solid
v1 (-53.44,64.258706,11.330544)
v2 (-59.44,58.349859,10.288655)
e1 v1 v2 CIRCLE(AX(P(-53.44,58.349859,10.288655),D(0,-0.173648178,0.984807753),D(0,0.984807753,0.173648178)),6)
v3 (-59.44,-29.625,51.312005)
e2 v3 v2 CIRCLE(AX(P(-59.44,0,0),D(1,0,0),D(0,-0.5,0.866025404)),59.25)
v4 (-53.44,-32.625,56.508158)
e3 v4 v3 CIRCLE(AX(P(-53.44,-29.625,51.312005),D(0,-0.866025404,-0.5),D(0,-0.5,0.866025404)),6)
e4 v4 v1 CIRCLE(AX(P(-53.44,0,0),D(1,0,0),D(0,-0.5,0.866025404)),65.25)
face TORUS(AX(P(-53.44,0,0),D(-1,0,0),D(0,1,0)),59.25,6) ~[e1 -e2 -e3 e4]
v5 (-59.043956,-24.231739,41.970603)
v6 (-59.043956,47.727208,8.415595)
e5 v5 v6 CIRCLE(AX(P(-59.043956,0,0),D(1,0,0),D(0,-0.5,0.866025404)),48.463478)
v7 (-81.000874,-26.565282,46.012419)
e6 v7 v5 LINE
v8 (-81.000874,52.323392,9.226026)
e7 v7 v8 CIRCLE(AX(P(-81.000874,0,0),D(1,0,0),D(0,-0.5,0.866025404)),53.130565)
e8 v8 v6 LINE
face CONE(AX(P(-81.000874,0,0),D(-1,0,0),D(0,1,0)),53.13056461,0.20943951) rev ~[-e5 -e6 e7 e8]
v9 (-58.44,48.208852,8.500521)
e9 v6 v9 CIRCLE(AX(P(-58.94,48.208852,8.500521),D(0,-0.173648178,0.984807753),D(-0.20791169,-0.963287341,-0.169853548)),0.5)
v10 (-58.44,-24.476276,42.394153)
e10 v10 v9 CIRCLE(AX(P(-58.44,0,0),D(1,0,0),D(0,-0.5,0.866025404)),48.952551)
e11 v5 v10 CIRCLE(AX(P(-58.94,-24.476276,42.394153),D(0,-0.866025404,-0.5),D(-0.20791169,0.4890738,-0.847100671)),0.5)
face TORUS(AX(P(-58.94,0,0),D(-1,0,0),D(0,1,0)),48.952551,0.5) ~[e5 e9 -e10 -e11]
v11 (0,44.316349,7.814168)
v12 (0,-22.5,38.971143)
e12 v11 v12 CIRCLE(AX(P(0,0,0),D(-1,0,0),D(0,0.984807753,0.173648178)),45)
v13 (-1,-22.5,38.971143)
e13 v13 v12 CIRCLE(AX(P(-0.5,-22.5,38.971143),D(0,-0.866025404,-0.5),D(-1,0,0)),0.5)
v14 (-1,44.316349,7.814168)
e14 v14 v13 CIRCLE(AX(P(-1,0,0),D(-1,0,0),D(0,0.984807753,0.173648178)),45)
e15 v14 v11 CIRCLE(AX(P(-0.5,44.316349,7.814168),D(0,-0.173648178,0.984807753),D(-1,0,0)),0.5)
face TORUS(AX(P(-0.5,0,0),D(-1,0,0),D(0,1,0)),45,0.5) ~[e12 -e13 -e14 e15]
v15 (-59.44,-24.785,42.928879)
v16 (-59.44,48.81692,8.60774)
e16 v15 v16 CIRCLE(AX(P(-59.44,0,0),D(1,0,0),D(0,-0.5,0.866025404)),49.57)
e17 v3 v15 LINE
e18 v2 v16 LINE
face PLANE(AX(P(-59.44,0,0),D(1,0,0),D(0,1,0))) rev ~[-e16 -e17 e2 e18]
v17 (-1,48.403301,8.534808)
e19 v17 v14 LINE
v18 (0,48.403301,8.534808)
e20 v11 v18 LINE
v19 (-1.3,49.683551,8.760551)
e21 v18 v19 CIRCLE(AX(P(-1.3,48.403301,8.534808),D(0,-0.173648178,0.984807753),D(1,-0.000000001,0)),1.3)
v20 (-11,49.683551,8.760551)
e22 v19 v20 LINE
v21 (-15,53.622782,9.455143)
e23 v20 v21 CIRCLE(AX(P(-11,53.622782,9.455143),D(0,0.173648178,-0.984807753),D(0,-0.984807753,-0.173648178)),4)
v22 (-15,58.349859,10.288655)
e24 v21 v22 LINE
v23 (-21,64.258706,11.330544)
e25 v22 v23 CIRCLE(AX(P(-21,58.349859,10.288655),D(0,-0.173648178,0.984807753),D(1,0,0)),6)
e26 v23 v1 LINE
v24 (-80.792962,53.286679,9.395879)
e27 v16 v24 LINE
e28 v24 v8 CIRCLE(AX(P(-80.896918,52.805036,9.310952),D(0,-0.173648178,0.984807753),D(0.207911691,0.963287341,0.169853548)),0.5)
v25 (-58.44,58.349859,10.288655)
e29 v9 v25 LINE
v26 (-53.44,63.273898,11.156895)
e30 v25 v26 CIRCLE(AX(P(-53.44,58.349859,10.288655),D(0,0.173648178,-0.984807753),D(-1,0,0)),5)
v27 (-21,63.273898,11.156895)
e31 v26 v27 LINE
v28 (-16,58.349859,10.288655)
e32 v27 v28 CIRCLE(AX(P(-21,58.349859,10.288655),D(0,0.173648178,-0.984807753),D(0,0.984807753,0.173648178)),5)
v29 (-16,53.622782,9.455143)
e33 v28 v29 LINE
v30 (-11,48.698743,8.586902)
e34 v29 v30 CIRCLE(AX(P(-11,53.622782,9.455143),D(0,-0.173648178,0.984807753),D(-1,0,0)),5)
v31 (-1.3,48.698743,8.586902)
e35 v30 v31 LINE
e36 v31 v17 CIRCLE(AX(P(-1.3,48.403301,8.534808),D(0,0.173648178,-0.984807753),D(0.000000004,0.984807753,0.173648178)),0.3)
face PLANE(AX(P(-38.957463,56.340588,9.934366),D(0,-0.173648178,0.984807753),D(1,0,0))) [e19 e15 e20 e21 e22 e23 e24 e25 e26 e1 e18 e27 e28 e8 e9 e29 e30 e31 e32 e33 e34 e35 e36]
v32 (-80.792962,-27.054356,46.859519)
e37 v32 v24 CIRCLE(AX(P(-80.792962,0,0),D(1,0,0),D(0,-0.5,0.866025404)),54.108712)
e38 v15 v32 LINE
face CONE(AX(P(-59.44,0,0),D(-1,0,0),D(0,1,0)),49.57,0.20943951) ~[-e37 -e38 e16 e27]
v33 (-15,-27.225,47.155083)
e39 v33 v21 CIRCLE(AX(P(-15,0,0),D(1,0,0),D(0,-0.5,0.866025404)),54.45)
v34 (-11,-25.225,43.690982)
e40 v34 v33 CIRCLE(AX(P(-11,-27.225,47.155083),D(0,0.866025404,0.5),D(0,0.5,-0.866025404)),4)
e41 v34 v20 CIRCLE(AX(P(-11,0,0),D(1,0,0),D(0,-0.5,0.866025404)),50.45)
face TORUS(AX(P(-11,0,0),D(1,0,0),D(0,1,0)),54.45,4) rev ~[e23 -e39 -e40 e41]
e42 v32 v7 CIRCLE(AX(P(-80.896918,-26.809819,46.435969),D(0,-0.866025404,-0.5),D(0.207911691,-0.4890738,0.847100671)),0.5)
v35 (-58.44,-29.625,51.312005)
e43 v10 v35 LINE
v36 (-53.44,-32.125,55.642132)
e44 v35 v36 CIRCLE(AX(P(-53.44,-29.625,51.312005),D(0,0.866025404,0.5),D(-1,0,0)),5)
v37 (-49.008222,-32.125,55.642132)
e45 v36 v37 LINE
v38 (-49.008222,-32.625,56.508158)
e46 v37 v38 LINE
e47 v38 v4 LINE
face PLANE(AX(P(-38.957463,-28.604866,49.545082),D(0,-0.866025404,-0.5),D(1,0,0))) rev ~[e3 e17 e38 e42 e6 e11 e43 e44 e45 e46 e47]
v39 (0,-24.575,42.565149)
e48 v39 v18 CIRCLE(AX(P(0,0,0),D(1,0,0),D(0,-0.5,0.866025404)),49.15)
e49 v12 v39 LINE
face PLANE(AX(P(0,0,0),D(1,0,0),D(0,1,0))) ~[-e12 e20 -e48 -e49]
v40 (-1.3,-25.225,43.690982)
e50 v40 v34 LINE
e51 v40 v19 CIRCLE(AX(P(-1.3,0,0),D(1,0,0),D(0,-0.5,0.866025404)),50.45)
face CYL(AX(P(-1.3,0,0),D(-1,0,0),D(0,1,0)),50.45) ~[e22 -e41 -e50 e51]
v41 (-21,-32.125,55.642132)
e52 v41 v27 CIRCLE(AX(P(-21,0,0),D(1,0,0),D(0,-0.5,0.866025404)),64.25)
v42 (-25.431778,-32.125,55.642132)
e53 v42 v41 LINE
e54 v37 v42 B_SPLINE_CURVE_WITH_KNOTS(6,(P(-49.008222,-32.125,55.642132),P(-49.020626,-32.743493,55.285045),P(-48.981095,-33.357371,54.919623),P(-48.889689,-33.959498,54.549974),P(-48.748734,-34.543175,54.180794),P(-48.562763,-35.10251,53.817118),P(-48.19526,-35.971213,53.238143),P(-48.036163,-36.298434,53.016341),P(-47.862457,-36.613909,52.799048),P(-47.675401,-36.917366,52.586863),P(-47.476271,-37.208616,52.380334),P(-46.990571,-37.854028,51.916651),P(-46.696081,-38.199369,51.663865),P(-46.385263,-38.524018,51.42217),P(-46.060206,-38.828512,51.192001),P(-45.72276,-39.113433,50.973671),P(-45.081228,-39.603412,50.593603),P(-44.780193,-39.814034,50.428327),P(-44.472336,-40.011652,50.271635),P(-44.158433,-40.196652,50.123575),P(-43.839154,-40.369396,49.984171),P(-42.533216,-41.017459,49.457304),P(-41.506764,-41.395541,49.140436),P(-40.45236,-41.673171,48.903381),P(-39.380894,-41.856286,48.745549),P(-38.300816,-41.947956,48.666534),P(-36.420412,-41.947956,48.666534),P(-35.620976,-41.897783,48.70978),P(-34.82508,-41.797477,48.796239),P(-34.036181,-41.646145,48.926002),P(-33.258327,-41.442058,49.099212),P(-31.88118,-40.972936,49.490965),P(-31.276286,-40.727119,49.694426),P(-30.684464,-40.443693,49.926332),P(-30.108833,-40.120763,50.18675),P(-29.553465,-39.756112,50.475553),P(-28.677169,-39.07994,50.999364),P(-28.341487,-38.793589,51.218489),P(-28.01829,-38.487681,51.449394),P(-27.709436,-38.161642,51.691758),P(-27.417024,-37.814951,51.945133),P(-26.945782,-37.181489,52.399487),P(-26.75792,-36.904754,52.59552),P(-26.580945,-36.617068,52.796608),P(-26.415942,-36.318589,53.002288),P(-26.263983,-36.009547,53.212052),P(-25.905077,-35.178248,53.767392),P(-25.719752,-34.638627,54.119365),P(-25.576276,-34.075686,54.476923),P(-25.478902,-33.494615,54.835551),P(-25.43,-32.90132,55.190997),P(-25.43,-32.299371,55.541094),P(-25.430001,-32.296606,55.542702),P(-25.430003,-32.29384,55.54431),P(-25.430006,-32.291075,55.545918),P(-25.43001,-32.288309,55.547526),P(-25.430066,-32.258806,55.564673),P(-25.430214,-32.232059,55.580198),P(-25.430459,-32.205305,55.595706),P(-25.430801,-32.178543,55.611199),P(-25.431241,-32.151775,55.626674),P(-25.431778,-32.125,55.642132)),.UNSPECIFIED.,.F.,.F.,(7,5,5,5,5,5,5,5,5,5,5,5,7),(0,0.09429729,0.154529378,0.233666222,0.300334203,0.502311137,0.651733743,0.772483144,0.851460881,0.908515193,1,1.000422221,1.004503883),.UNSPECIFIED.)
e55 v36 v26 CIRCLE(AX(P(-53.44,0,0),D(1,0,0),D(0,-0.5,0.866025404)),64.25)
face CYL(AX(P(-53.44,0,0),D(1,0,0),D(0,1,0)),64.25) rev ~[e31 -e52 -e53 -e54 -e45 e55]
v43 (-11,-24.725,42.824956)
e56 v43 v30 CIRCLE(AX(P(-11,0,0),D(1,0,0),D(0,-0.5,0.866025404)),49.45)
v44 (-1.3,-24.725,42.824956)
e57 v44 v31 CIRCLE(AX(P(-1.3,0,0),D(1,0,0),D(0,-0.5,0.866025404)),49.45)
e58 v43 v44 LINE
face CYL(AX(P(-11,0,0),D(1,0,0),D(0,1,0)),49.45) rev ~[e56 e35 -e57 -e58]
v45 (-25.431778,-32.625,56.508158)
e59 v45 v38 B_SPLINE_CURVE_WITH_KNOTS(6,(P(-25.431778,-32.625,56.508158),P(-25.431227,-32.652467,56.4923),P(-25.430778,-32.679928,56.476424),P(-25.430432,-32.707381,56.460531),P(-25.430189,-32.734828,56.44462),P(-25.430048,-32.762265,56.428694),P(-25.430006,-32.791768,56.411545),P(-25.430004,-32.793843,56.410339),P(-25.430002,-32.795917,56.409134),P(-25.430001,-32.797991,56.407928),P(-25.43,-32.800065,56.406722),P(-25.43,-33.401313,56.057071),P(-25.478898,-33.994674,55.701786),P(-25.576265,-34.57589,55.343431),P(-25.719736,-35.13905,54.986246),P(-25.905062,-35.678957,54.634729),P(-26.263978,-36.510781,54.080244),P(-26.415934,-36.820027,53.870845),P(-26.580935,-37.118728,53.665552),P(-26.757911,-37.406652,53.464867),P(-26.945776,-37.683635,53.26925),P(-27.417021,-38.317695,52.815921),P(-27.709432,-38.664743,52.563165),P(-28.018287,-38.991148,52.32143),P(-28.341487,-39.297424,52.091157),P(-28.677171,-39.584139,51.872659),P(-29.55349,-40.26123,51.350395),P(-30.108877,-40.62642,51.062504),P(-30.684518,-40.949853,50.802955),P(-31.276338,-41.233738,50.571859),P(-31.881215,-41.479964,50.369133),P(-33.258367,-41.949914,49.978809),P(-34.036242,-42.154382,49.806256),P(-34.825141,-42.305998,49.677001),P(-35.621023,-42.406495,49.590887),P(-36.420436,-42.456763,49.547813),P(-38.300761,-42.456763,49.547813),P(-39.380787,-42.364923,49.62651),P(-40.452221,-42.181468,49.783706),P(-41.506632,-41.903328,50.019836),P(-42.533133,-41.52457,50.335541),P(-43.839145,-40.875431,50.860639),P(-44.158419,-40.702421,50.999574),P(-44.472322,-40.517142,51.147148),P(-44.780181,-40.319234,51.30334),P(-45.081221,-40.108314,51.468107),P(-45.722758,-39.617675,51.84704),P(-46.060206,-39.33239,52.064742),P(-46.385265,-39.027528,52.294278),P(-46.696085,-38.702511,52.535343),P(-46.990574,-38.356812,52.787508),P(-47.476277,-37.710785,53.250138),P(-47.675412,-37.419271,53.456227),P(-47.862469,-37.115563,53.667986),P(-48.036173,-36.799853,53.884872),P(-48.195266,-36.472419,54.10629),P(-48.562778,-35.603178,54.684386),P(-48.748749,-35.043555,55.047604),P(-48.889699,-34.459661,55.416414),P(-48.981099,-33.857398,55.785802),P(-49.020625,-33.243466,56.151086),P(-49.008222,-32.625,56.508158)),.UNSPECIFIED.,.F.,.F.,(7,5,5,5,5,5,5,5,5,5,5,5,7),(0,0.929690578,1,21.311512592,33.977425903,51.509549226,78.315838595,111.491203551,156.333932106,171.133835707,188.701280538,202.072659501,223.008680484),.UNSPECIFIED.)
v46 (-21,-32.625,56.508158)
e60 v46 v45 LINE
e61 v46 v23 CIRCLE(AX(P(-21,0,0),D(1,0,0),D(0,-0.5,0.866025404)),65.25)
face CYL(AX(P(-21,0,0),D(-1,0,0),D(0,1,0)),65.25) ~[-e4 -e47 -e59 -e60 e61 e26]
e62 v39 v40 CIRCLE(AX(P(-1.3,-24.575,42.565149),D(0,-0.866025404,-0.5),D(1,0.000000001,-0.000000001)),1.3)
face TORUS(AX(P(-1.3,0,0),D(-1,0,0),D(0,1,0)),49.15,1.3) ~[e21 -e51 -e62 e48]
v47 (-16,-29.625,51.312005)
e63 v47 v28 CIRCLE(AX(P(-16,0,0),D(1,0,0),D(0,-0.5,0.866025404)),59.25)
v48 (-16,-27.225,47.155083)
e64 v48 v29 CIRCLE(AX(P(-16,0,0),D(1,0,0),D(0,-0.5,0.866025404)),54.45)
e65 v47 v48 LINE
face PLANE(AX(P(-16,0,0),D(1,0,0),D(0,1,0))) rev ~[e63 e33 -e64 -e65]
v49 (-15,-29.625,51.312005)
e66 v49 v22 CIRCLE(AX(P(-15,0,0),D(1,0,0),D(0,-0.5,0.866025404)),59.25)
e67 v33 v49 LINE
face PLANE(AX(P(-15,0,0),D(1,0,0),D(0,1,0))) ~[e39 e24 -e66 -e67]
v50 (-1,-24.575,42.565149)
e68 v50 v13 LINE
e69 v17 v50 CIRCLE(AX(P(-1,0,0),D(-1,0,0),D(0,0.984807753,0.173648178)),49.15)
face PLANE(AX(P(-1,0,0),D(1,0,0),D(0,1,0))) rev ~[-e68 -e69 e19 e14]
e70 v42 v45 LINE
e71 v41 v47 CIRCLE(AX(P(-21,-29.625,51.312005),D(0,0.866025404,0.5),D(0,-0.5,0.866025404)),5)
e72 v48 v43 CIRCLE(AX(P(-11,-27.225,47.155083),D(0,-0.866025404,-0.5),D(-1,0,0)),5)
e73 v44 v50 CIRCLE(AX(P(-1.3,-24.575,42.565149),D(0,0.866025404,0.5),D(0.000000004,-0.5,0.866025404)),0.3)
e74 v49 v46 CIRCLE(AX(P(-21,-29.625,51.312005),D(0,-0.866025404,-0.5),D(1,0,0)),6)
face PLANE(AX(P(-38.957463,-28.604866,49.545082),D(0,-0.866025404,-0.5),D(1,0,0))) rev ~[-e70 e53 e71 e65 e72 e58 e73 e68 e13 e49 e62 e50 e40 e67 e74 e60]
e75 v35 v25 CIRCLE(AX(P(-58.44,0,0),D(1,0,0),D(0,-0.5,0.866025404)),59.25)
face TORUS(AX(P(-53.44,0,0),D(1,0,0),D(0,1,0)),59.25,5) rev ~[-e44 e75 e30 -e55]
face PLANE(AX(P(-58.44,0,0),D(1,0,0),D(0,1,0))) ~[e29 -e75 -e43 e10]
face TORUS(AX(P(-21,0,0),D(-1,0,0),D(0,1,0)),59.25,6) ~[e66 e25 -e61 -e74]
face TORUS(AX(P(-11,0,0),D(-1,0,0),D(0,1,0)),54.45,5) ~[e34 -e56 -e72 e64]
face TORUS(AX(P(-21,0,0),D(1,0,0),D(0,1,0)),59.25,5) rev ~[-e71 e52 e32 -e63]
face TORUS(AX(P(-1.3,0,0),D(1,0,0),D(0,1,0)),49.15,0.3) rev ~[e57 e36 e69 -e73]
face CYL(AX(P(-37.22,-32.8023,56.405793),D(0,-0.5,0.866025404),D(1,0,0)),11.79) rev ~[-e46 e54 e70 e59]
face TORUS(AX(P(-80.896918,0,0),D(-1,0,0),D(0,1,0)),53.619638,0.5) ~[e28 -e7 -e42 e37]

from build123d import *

# Parameters (mm, degrees)
REVOLVE1_ANGLE           = 240
REVOLVE1_OTHER_WAY_ANGLE = 10
SKETCH3_R                = 11.79
CUT_EXTRUDE1_DEPTH       = 10


with BuildPart() as part:
    # Sketch1 → Revolve1 (revolve)
    with BuildSketch(Plane.XY):
        with BuildLine():
            Line((0, 45), (0, 49.15))
            ThreePointArc((0, 49.15), (-0.380761184, 50.069238816), (-1.3, 50.45))
            Line((-1.3, 50.45), (-11, 50.45))
            ThreePointArc((-11, 50.45), (-13.828427125, 51.621572875), (-15, 54.45))
            Line((-15, 54.45), (-15, 59.25))
            ThreePointArc((-15, 59.25), (-16.757359313, 63.492640687), (-21, 65.25))
            Line((-21, 65.25), (-53.44, 65.25))
            ThreePointArc((-53.44, 65.25), (-57.682640687, 63.492640687), (-59.44, 59.25))
            Line((-59.44, 59.25), (-59.44, 49.57))
            Line((-59.44, 49.57), (-80.792962124, 54.108712211))
            ThreePointArc((-80.792962124, 54.108712211), (-81.38599177, 53.723594256), (-81.000873815, 53.13056461))
            Line((-81.000873815, 53.13056461), (-59.043955845, 48.463477621))
            ThreePointArc((-59.043955845, 48.463477621), (-58.625339804, 48.563978441), (-58.44, 48.952551422))
            Line((-58.44, 48.952551422), (-58.44, 59.25))
            ThreePointArc((-58.44, 59.25), (-56.975533906, 62.785533906), (-53.44, 64.25))
            Line((-53.44, 64.25), (-21, 64.25))
            ThreePointArc((-21, 64.25), (-17.464466094, 62.785533906), (-16, 59.25))
            Line((-16, 59.25), (-16, 54.45))
            ThreePointArc((-16, 54.45), (-14.535533906, 50.914466094), (-11, 49.45))
            Line((-11, 49.45), (-1.3, 49.45))
            ThreePointArc((-1.3, 49.45), (-1.087867966, 49.362132034), (-1, 49.15))
            Line((-1, 49.15), (-1, 45))
            ThreePointArc((-1, 45), (-0.5, 44.5), (0, 45))
        make_face()
    revolve(axis=Axis((0, 0, 0), (-1, 0, 0)), revolution_arc=REVOLVE1_ANGLE)

    # Sketch1 → Revolve1 other way (revolve)
    with BuildSketch(Plane.XY):
        with BuildLine():
            Line((0, 45), (0, 49.15))
            ThreePointArc((0, 49.15), (-0.380761184, 50.069238816), (-1.3, 50.45))
            Line((-1.3, 50.45), (-11, 50.45))
            ThreePointArc((-11, 50.45), (-13.828427125, 51.621572875), (-15, 54.45))
            Line((-15, 54.45), (-15, 59.25))
            ThreePointArc((-15, 59.25), (-16.757359313, 63.492640687), (-21, 65.25))
            Line((-21, 65.25), (-53.44, 65.25))
            ThreePointArc((-53.44, 65.25), (-57.682640687, 63.492640687), (-59.44, 59.25))
            Line((-59.44, 59.25), (-59.44, 49.57))
            Line((-59.44, 49.57), (-80.792962124, 54.108712211))
            ThreePointArc((-80.792962124, 54.108712211), (-81.38599177, 53.723594256), (-81.000873815, 53.13056461))
            Line((-81.000873815, 53.13056461), (-59.043955845, 48.463477621))
            ThreePointArc((-59.043955845, 48.463477621), (-58.625339804, 48.563978441), (-58.44, 48.952551422))
            Line((-58.44, 48.952551422), (-58.44, 59.25))
            ThreePointArc((-58.44, 59.25), (-56.975533906, 62.785533906), (-53.44, 64.25))
            Line((-53.44, 64.25), (-21, 64.25))
            ThreePointArc((-21, 64.25), (-17.464466094, 62.785533906), (-16, 59.25))
            Line((-16, 59.25), (-16, 54.45))
            ThreePointArc((-16, 54.45), (-14.535533906, 50.914466094), (-11, 49.45))
            Line((-11, 49.45), (-1.3, 49.45))
            ThreePointArc((-1.3, 49.45), (-1.087867966, 49.362132034), (-1, 49.15))
            Line((-1, 49.15), (-1, 45))
            ThreePointArc((-1, 45), (-0.5, 44.5), (0, 45))
        make_face()
    revolve(axis=Axis((0, 0, 0), (1, 0, 0)), revolution_arc=REVOLVE1_OTHER_WAY_ANGLE)

    # Sketch3 → Cut-Extrude1 (cut)
    with BuildSketch(Plane(origin=(0, -32.625, 56.508157597), x_dir=(1, 0, 0), z_dir=(0, -0.49999999999999173, 0.8660254037844436))):
        with Locations((-37.22, -0.204728204)):
            Circle(SKETCH3_R)
    extrude(amount=-CUT_EXTRUDE1_DEPTH, mode=Mode.SUBTRACT)


solid = part.part
